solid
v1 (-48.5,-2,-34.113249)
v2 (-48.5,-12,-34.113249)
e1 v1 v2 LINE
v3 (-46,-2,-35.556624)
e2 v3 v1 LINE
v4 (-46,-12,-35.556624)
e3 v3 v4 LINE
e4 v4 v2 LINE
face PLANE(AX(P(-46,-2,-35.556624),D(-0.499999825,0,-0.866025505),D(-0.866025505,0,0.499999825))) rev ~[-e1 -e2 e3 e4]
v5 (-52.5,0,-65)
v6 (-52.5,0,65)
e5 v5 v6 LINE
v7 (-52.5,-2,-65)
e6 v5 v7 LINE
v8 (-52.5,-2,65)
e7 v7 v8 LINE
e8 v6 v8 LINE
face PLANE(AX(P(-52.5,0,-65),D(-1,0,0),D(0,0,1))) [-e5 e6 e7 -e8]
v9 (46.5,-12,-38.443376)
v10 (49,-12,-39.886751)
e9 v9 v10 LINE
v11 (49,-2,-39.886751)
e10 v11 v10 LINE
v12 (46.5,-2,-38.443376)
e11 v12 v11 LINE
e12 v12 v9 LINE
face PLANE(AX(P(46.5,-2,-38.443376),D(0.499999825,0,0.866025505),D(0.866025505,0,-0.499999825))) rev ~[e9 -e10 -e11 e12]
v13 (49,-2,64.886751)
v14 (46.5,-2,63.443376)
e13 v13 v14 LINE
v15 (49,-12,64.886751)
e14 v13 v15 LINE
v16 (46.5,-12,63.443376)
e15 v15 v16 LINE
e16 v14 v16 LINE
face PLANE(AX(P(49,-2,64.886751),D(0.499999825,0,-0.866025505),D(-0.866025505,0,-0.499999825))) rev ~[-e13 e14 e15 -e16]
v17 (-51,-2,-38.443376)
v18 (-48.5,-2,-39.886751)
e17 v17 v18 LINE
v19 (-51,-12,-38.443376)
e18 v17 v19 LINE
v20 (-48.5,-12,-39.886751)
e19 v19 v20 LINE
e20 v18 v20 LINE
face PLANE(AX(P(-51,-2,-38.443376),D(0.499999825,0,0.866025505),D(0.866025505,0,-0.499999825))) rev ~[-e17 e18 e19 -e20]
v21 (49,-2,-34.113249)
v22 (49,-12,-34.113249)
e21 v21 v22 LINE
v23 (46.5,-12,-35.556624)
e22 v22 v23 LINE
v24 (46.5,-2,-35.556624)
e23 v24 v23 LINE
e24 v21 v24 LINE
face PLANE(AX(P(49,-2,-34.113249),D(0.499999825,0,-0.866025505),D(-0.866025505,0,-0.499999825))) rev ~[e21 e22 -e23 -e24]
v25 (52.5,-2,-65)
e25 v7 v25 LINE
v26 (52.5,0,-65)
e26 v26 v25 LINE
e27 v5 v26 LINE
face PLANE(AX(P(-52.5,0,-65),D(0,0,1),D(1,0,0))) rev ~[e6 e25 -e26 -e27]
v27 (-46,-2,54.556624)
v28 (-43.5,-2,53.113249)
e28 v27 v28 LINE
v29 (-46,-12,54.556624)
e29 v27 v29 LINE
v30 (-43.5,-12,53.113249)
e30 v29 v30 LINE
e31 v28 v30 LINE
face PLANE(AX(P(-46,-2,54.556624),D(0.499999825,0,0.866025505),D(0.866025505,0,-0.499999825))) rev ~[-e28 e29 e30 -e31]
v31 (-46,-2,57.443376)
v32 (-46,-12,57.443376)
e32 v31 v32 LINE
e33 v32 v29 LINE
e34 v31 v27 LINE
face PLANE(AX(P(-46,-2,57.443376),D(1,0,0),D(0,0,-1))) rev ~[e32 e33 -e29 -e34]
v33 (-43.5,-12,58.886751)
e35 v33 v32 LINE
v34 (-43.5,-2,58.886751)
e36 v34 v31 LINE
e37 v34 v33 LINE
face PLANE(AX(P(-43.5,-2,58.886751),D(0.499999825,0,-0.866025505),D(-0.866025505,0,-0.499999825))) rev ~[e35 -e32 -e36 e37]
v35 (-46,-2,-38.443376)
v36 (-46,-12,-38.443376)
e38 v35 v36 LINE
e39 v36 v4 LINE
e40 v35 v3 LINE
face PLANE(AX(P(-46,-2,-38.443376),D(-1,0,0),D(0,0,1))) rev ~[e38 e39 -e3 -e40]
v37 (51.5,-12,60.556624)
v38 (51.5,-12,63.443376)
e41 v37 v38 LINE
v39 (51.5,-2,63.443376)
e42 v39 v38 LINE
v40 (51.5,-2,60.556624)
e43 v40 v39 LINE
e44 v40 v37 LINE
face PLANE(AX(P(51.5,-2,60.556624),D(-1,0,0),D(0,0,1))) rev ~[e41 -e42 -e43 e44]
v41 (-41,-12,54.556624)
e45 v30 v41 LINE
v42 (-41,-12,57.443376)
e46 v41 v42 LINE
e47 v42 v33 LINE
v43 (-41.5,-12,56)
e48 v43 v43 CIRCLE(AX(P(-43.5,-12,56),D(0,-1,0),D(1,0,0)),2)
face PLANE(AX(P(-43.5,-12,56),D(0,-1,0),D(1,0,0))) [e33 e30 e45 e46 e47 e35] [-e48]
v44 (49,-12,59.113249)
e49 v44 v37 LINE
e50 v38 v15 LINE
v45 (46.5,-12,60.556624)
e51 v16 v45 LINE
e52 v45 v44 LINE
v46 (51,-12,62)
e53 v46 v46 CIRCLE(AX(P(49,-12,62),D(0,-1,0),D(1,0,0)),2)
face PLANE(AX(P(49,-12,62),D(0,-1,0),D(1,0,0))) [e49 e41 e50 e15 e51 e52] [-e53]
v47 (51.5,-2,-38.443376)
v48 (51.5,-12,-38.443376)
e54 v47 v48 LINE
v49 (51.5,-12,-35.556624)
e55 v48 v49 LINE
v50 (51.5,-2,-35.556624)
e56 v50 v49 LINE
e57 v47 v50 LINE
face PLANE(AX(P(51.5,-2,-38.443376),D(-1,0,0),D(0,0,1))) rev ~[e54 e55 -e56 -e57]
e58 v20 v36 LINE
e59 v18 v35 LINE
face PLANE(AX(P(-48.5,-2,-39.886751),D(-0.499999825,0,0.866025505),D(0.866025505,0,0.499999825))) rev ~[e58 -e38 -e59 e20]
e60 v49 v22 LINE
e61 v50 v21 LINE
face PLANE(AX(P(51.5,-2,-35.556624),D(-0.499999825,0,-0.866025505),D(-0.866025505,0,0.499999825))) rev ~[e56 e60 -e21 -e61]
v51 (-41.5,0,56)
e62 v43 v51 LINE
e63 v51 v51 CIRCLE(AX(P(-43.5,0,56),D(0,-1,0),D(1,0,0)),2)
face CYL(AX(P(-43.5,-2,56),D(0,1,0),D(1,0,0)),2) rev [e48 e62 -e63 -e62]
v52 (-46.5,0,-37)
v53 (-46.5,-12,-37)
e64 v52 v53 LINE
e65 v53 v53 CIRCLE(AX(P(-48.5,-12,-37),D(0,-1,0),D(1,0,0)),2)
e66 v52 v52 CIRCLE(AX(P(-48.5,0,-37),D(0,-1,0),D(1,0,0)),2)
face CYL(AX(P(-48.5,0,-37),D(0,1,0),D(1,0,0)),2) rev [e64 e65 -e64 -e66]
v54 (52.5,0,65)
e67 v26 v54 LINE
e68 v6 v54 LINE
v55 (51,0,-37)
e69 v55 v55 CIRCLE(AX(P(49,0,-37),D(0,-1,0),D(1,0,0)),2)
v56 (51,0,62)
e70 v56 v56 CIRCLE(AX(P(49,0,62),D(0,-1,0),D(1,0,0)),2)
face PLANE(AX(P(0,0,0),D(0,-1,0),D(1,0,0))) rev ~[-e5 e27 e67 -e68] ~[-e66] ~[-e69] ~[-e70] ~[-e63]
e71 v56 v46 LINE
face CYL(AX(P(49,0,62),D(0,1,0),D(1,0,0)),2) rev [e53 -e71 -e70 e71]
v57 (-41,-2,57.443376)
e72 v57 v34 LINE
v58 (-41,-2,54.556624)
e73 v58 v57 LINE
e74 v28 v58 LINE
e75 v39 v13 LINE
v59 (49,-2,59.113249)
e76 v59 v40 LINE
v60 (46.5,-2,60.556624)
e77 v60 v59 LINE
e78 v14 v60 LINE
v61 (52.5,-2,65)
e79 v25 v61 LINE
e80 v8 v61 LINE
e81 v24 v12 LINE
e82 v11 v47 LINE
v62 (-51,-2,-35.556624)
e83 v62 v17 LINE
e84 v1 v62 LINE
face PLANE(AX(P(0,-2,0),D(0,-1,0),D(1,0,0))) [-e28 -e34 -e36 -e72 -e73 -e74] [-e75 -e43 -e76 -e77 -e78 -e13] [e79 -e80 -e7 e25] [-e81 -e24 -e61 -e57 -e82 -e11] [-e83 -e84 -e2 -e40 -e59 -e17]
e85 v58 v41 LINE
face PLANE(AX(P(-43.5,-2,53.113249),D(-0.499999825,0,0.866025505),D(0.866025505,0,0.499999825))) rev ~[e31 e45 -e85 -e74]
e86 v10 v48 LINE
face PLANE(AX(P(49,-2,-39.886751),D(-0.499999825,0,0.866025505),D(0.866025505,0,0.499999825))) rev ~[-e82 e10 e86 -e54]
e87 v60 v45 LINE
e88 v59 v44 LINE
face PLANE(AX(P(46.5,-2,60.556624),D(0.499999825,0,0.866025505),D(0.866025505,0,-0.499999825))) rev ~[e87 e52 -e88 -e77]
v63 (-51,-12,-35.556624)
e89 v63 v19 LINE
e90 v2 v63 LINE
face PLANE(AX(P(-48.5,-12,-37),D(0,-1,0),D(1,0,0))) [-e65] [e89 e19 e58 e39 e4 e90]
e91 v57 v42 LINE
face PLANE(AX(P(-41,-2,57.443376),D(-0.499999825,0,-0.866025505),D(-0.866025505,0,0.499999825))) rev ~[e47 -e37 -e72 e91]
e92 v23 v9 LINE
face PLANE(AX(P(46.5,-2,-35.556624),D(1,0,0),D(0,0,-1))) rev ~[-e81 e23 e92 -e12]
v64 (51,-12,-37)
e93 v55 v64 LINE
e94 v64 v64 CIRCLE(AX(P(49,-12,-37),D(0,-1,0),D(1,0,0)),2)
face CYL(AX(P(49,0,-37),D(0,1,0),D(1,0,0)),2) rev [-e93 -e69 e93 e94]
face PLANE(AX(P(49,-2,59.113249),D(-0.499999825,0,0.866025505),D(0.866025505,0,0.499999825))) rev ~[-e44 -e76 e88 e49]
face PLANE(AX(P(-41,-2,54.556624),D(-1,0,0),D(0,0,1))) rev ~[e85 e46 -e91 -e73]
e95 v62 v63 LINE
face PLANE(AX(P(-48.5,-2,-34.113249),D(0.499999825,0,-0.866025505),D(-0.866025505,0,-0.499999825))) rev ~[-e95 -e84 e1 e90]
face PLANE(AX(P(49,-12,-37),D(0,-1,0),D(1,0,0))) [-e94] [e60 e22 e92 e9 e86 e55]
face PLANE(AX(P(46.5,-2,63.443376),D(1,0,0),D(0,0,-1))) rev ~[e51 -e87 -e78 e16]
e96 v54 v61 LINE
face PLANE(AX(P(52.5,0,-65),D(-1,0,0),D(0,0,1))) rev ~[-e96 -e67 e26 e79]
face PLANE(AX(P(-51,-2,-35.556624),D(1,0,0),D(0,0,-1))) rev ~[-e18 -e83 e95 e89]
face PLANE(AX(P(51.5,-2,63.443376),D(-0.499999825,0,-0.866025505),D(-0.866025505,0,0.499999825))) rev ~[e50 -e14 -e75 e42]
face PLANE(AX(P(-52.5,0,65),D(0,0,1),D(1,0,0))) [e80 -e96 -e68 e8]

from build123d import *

# Parameters (mm, degrees)
F0_W     = 105
F0_H     = 130
F0_R     = 2
F1_DEPTH = 2
F2_R     = 2
F3_DEPTH = 10


with BuildPart() as f1:
    # F0 (on Front) → F1 (new body)
    with BuildSketch(Plane.XZ):
        Rectangle(F0_W, F0_H)
        with Locations((-48.5, -37)):
            Circle(F0_R, mode=Mode.SUBTRACT)
        with Locations((49, -37)):
            Circle(F0_R, mode=Mode.SUBTRACT)
        with Locations((-43.5, 56)):
            Circle(F0_R, mode=Mode.SUBTRACT)
        with Locations((49, 62)):
            Circle(F0_R, mode=Mode.SUBTRACT)
    extrude(amount=F1_DEPTH)

    # F2 (on face) → F3 (join)
    with BuildSketch(Plane.XZ.offset(2)):
        Polygon((-41, 54.556624), (-41, 57.443376), (-43.5, 58.886751), (-46, 57.443376), (-46, 54.556624), (-43.5, 53.113249), align=None)
        with Locations((-43.5, 56)):
            Circle(F2_R, mode=Mode.SUBTRACT)
        Polygon((51.5, 60.556624), (51.5, 63.443376), (49, 64.886751), (46.5, 63.443376), (46.5, 60.556624), (49, 59.113249), align=None)
        with Locations((49, 62)):
            Circle(F2_R, mode=Mode.SUBTRACT)
        Polygon((-46, -38.443376), (-46, -35.556624), (-48.5, -34.113249), (-51, -35.556624), (-51, -38.443376), (-48.5, -39.886751), align=None)
        with Locations((-48.5, -37)):
            Circle(F2_R, mode=Mode.SUBTRACT)
        Polygon((46.5, -35.556624), (46.5, -38.443376), (49, -39.886751), (51.5, -38.443376), (51.5, -35.556624), (49, -34.113249), align=None)
        with Locations((49, -37)):
            Circle(F2_R, mode=Mode.SUBTRACT)
    extrude(amount=F3_DEPTH)


solid = f1.part
